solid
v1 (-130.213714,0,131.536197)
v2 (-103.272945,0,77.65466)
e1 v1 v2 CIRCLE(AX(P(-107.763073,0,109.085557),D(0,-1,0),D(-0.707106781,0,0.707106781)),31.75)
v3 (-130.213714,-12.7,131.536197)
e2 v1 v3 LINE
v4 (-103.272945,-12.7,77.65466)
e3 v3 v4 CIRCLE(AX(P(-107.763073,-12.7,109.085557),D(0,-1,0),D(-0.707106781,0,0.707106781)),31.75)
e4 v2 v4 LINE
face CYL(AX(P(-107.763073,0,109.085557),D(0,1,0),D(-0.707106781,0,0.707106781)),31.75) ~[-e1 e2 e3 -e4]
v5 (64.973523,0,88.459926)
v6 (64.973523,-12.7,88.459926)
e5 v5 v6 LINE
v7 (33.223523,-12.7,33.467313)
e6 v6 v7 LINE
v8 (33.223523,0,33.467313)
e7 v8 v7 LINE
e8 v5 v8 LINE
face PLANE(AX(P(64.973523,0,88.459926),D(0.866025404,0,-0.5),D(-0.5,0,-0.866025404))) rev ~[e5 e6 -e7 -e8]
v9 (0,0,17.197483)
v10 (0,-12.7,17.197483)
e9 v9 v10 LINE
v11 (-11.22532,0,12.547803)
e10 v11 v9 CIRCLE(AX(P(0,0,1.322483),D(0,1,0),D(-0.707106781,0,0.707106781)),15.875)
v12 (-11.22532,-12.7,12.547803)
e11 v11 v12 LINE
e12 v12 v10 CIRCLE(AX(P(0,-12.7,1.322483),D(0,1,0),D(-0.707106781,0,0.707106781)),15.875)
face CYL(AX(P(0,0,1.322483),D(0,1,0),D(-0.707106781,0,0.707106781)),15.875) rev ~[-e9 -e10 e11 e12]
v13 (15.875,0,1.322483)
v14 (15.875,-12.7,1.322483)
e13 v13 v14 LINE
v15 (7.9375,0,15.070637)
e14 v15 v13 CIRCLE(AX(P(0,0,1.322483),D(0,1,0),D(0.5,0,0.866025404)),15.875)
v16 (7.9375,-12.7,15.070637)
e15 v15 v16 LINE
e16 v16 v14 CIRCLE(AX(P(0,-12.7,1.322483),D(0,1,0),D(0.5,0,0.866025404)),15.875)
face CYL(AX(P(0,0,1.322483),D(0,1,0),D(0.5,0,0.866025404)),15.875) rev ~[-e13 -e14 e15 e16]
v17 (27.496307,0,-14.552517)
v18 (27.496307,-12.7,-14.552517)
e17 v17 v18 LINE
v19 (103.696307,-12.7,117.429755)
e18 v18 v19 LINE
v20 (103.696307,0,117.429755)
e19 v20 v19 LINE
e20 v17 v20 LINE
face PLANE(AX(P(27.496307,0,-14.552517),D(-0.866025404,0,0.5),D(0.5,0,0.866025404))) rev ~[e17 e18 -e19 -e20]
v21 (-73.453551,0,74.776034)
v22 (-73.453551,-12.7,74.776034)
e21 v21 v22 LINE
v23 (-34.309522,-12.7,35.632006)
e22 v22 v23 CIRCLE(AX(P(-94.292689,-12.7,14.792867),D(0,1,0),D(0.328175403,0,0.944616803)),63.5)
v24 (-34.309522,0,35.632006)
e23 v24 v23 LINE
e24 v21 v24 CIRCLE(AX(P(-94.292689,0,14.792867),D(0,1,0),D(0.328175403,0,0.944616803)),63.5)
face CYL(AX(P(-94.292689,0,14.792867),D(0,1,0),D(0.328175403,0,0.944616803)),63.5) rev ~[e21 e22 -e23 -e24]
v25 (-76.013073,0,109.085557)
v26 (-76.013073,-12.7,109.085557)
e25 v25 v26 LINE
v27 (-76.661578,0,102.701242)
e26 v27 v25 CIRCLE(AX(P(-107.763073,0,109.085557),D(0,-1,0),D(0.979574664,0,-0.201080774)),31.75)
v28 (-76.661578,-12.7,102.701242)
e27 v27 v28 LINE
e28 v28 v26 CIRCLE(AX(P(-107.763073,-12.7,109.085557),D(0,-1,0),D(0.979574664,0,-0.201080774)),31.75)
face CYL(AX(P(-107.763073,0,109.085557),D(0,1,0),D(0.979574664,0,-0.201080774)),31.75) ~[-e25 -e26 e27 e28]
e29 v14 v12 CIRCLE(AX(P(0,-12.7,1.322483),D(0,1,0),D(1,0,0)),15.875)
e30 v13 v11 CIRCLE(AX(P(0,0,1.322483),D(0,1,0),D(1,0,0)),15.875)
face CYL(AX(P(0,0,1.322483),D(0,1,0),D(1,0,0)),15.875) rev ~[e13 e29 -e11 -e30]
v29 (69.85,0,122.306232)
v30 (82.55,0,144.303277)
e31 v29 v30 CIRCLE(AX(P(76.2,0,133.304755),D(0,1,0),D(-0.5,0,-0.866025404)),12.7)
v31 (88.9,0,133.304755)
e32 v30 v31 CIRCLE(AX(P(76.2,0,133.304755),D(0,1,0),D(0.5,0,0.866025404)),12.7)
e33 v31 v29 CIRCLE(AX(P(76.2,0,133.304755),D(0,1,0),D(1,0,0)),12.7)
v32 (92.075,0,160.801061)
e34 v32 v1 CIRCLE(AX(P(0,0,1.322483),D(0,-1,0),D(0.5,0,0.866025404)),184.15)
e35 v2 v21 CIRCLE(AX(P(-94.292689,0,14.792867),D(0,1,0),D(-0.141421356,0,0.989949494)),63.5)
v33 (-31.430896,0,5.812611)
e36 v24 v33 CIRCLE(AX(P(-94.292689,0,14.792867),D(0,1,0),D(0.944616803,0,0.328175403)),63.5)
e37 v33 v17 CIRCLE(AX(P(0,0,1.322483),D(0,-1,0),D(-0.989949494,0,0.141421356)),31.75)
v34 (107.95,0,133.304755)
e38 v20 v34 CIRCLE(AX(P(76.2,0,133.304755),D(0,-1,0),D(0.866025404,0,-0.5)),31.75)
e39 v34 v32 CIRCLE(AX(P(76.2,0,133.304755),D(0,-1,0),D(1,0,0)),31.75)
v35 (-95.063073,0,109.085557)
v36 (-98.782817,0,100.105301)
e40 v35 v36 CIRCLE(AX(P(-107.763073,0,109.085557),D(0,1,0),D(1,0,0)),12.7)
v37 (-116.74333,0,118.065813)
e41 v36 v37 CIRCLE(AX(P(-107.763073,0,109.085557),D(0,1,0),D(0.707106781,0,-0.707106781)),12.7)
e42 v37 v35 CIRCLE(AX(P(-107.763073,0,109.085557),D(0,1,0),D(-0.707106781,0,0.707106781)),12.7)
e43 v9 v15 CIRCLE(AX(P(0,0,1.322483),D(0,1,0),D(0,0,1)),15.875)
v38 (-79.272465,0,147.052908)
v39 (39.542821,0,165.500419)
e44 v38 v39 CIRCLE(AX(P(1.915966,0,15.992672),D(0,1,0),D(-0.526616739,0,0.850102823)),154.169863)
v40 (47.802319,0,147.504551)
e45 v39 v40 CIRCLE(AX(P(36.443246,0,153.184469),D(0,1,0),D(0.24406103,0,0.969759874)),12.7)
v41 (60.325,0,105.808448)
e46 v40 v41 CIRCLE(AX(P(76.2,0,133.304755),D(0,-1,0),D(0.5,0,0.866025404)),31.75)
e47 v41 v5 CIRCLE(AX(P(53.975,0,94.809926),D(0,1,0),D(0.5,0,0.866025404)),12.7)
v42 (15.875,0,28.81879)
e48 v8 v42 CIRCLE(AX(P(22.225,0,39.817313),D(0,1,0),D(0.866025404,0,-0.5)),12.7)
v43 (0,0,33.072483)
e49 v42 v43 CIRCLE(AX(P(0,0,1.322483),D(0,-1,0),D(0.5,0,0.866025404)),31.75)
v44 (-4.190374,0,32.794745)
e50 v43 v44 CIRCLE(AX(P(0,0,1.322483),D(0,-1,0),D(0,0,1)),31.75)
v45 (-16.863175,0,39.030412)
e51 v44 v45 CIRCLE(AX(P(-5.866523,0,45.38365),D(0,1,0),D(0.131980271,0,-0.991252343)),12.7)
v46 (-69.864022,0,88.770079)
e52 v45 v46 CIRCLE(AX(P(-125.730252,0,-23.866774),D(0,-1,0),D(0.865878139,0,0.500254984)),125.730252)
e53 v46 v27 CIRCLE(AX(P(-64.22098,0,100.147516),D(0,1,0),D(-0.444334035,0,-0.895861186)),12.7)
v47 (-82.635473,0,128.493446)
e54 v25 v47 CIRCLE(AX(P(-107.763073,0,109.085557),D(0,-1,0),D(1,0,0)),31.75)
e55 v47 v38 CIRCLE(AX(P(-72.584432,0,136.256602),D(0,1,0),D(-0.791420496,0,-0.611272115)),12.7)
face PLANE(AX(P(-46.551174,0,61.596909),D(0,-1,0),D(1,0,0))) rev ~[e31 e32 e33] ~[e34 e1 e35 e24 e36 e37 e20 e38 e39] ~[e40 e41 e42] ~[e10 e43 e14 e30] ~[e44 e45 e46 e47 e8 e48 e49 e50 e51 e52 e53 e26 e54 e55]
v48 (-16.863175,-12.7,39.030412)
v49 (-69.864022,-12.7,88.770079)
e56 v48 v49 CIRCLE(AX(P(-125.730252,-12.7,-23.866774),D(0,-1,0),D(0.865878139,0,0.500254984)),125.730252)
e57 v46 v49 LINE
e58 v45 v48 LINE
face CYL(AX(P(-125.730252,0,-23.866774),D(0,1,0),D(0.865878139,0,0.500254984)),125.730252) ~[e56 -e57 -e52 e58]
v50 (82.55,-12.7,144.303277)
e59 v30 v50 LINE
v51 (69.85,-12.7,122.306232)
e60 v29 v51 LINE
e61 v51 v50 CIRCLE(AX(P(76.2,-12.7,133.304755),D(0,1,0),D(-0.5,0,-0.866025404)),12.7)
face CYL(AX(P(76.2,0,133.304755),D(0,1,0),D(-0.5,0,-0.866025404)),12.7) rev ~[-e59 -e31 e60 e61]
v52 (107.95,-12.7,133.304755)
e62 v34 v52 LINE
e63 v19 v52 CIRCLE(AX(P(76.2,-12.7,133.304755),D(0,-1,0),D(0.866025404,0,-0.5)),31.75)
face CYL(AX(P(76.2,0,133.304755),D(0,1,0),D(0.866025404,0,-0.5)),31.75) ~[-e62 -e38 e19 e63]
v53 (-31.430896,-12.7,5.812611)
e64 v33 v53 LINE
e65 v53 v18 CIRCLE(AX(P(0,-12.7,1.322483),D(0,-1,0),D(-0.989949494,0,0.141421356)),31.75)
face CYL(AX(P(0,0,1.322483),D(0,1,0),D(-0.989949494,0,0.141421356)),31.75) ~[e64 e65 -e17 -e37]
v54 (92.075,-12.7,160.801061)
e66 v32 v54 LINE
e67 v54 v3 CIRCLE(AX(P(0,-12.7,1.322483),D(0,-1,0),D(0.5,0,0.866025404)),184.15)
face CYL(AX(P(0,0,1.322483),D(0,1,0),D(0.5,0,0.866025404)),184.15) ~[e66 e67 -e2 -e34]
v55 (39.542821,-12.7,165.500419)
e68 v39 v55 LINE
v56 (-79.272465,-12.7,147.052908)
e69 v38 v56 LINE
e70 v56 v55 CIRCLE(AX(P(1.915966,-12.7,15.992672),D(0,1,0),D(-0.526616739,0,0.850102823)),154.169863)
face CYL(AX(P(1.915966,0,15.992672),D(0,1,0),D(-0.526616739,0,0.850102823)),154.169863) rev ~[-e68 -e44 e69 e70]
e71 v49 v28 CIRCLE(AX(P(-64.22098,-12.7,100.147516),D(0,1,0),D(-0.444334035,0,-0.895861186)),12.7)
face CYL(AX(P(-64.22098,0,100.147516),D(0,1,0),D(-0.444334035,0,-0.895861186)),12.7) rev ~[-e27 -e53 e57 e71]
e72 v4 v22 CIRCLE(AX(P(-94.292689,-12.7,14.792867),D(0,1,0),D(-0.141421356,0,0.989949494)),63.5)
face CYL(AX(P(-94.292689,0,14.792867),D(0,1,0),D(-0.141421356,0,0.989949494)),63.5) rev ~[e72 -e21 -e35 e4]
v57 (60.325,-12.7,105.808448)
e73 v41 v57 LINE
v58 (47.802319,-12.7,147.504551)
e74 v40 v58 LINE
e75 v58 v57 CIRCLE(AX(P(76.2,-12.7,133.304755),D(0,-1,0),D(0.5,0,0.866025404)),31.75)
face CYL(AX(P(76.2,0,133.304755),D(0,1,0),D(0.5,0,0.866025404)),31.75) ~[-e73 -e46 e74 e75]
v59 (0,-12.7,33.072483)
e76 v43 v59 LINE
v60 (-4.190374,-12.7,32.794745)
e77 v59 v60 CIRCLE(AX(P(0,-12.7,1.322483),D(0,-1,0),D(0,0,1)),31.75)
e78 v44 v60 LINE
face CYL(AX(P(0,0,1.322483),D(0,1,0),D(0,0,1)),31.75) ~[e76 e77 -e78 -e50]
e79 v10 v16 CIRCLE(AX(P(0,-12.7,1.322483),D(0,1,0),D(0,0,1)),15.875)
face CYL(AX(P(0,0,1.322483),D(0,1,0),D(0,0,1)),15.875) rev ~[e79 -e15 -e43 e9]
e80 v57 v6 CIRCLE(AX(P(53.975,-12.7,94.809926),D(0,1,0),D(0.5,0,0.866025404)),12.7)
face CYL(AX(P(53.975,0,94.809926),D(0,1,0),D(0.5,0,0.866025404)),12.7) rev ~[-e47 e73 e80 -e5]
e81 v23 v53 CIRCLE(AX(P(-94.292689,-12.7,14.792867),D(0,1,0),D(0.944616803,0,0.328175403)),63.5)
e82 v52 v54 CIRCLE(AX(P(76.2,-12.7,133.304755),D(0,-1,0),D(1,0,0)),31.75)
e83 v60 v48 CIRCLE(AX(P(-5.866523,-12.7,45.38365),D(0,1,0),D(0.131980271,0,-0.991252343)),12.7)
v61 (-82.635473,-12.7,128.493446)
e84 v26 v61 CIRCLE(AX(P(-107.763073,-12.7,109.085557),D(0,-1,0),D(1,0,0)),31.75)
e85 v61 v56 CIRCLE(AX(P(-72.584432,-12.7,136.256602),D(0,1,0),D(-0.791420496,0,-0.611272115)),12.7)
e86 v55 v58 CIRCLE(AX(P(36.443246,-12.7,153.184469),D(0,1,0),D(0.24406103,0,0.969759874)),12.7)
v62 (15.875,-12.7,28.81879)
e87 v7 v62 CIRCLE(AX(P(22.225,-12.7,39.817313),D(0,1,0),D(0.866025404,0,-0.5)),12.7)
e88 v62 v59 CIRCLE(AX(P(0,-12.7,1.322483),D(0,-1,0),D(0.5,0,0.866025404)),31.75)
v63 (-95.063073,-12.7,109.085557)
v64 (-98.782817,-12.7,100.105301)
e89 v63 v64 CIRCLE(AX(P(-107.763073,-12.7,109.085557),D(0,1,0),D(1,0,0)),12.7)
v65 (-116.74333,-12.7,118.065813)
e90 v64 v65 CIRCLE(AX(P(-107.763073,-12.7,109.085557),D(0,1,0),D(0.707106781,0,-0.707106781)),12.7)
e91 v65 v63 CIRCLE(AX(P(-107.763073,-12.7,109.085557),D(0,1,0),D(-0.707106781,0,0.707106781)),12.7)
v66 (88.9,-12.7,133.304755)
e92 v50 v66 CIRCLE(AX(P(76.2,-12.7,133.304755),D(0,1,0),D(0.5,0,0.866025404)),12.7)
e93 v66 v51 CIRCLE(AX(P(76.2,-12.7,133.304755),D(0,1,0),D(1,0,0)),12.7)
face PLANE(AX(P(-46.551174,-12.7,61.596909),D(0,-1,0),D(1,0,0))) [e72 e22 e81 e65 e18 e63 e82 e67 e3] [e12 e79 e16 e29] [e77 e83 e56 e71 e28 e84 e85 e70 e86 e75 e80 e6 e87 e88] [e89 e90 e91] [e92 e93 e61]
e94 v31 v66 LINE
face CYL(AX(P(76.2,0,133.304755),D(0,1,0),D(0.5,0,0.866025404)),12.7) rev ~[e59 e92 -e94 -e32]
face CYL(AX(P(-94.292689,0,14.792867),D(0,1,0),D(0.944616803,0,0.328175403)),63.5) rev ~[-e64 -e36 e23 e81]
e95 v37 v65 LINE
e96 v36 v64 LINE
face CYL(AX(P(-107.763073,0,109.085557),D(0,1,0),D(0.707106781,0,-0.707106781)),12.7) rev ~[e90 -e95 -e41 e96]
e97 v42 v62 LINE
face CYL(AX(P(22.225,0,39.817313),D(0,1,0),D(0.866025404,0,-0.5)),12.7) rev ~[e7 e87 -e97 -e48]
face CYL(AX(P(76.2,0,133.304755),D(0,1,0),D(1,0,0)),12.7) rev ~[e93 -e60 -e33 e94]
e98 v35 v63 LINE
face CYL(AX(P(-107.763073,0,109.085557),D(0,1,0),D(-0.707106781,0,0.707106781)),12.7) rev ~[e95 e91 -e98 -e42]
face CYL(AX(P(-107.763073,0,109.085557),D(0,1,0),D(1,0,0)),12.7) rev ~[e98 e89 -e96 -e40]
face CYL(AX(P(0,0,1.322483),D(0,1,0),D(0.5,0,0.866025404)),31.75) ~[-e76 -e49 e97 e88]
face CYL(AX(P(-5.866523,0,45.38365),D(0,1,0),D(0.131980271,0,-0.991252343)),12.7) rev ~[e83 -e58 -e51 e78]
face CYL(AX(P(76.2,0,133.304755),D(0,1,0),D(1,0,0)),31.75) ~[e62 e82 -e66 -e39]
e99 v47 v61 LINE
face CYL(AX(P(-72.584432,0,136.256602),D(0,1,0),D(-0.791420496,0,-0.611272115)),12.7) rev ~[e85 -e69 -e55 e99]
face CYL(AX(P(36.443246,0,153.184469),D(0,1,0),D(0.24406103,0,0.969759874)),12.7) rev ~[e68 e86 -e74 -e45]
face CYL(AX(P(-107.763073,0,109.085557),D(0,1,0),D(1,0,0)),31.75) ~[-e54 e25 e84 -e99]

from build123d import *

# Parameters (mm, degrees)
F1_DEPTH = 12.7


with BuildPart() as f1:
    # F0 (on Front) → F1 (new body)
    with BuildSketch(Plane.XZ):
        with BuildLine():
            ThreePointArc((-76.6615778684, 102.701242205), (-79.8079393943, 94.0332154271), (-85.3124331502, 86.6349164629))
            Line((-85.3124331502, 86.6349164629), (-73.4535511858, 74.7760344986))
            ThreePointArc((-73.4535511858, 74.7760344986), (-49.3914086659, 59.6941480997), (-34.309522267, 35.6320055797))
            Line((-34.309522267, 35.6320055797), (-22.4506403027, 23.7731236154))
            ThreePointArc((-22.4506403027, 23.7731236154), (-14.0635457715, 29.7878865302), (-4.1903736131, 32.7947452108))
            ThreePointArc((-4.1903736131, 32.7947452108), (-11.4735568319, 33.9884241162), (-16.8631754222, 39.0304116786))
            ThreePointArc((-16.8631754222, 39.0304116786), (-39.690876035, 67.8137699888), (-69.8640218822, 88.7700793147))
            ThreePointArc((-69.8640218822, 88.7700793147), (-75.6347361649, 94.5783008286), (-76.6615778684, 102.701242205))
        make_face()
        with BuildLine():
            Line((-73.4535511858, 74.7760344986), (-85.3124331502, 86.6349164629))
            ThreePointArc((-85.3124331502, 86.6349164629), (-93.5640417957, 80.6874934513), (-103.2729453923, 77.6546603418))
            ThreePointArc((-103.2729453923, 77.6546603418), (-88.1910589934, 77.9990389332), (-73.4535511858, 74.7760344986))
        make_face()
        with BuildLine():
            Line((-22.4506403027, 23.7731236154), (-34.309522267, 35.6320055797))
            ThreePointArc((-34.309522267, 35.6320055797), (-31.0865178324, 20.8944977722), (-31.4308964237, 5.8126113733))
            ThreePointArc((-31.4308964237, 5.8126113733), (-28.3980633142, 15.5215149699), (-22.4506403027, 23.7731236154))
        make_face()
        with BuildLine():
            Line((27.4963065702, -14.5525166873), (103.6963065702, 117.4297548495))
            ThreePointArc((103.6963065702, 117.4297548495), (84.417504682, 102.6366098648), (60.325, 105.8084482793))
            ThreePointArc((60.325, 105.8084482793), (66.2422579939, 98.0969275241), (64.9735226281, 88.4599256513))
            Line((64.9735226281, 88.4599256513), (33.2235226281, 33.467312511))
            ThreePointArc((33.2235226281, 33.467312511), (25.5120018728, 27.5500545171), (15.875, 28.8187898829))
            ThreePointArc((15.875, 28.8187898829), (27.4963065702, 17.1974833127), (31.75, 1.3224833127))
            ThreePointArc((31.75, 1.3224833127), (30.6681449847, -6.8950213693), (27.4963065702, -14.5525166873))
        make_face()
        with BuildLine():
            ThreePointArc((92.075, 160.8010614196), (-24.0363982973, 183.8970545347), (-130.2137137555, 131.5361970682))
            ThreePointArc((-130.2137137555, 131.5361970682), (-105.7367190454, 140.7708275994), (-82.6354727067, 128.4934464175))
            ThreePointArc((-82.6354727067, 128.4934464175), (-85.0809337208, 138.5209907043), (-79.2724649931, 147.0529081346))
            ThreePointArc((-79.2724649931, 147.0529081346), (-21.7373717549, 168.3372367219), (39.542821328, 165.5004193044))
            ThreePointArc((39.542821328, 165.5004193044), (47.9856006443, 158.4820206871), (47.8023187461, 147.5045506016))
            ThreePointArc((47.8023187461, 147.5045506016), (67.0674381234, 163.7129579133), (92.075, 160.8010614196))
        make_face()
        with BuildLine():
            ThreePointArc((-116.7433295739, 118.0658128866), (-102.9029938618, 120.8188268285), (-95.0630734528, 109.0855567656))
            ThreePointArc((-95.0630734528, 109.0855567656), (-96.0298033899, 104.2254771745), (-98.7828173318, 100.1053006445))
            Line((-98.7828173318, 100.1053006445), (-85.3124331502, 86.6349164629))
            ThreePointArc((-85.3124331502, 86.6349164629), (-79.8079393943, 94.0332154271), (-76.6615778684, 102.701242205))
            ThreePointArc((-76.6615778684, 102.701242205), (-76.175615619, 105.8769733404), (-76.0130734528, 109.0855567656))
            ThreePointArc((-76.0130734528, 109.0855567656), (-77.7142479875, 119.338877601), (-82.6354727067, 128.4934464175))
            ThreePointArc((-82.6354727067, 128.4934464175), (-105.7367190454, 140.7708275994), (-130.2137137555, 131.5361970682))
            Line((-130.2137137555, 131.5361970682), (-116.7433295739, 118.0658128866))
        make_face()
        with BuildLine():
            ThreePointArc((107.95, 133.3047548495), (103.6963065702, 149.1797548495), (92.075, 160.8010614196))
            Line((92.075, 160.8010614196), (82.55, 144.3032774775))
            ThreePointArc((82.55, 144.3032774775), (87.1985226281, 139.6547548495), (88.9, 133.3047548495))
            ThreePointArc((88.9, 133.3047548495), (82.55, 122.3062322214), (69.85, 122.3062322214))
            Line((69.85, 122.3062322214), (60.325, 105.8084482793))
            ThreePointArc((60.325, 105.8084482793), (84.417504682, 102.6366098648), (103.6963065702, 117.4297548495))
            ThreePointArc((103.6963065702, 117.4297548495), (106.8681449847, 125.0872501675), (107.95, 133.3047548495))
        make_face()
        with BuildLine():
            Line((82.55, 144.3032774775), (92.075, 160.8010614196))
            ThreePointArc((92.075, 160.8010614196), (67.0674381234, 163.7129579133), (47.8023187461, 147.5045506016))
            ThreePointArc((47.8023187461, 147.5045506016), (45.7917969362, 124.1721929729), (60.325, 105.8084482793))
            Line((60.325, 105.8084482793), (69.85, 122.3062322214))
            ThreePointArc((69.85, 122.3062322214), (65.2014773719, 139.6547548495), (82.55, 144.3032774775))
        make_face()
        with BuildLine():
            ThreePointArc((-98.7828173318, 100.1053006445), (-116.7433295739, 100.1053006445), (-116.7433295739, 118.0658128866))
            Line((-116.7433295739, 118.0658128866), (-130.2137137555, 131.5361970682))
            ThreePointArc((-130.2137137555, 131.5361970682), (-136.1611367671, 94.8865251084), (-103.2729453923, 77.6546603418))
            ThreePointArc((-103.2729453923, 77.6546603418), (-93.5640417957, 80.6874934513), (-85.3124331502, 86.6349164629))
            Line((-85.3124331502, 86.6349164629), (-98.7828173318, 100.1053006445))
        make_face()
        with BuildLine():
            ThreePointArc((-4.1903736131, 32.7947452108), (-14.0635457715, 29.7878865302), (-22.4506403027, 23.7731236154))
            Line((-22.4506403027, 23.7731236154), (-11.2253201513, 12.5478034641))
            ThreePointArc((-11.2253201513, 12.5478034641), (-6.0750994888, 15.9890708914), (0, 17.1974833127))
            Line((0, 17.1974833127), (0, 33.0724833127))
            ThreePointArc((0, 33.0724833127), (-2.0997838859, 33.0029726971), (-4.1903736131, 32.7947452108))
        make_face()
        with BuildLine():
            Line((7.9375, 15.0706365978), (15.875, 28.8187898829))
            ThreePointArc((15.875, 28.8187898829), (8.217504682, 31.9906282974), (0, 33.0724833127))
            Line((0, 33.0724833127), (0, 17.1974833127))
            ThreePointArc((0, 17.1974833127), (4.108752341, 16.6565558051), (7.9375, 15.0706365978))
        make_face()
        with BuildLine():
            Line((-11.2253201513, 12.5478034641), (-22.4506403027, 23.7731236154))
            ThreePointArc((-22.4506403027, 23.7731236154), (-28.3980633142, 15.5215149699), (-31.4308964237, 5.8126113733))
            ThreePointArc((-31.4308964237, 5.8126113733), (-10.3708659021, -28.6859761686), (27.4963065702, -14.5525166873))
            ThreePointArc((27.4963065702, -14.5525166873), (30.6681449847, -6.8950213693), (31.75, 1.3224833127))
            ThreePointArc((31.75, 1.3224833127), (27.4963065702, 17.1974833127), (15.875, 28.8187898829))
            Line((15.875, 28.8187898829), (7.9375, 15.0706365978))
            ThreePointArc((7.9375, 15.0706365978), (13.7481532851, 9.2599833127), (15.875, 1.3224833127))
            ThreePointArc((15.875, 1.3224833127), (-6.0750994888, -13.3441042659), (-11.2253201513, 12.5478034641))
        make_face()
    extrude(amount=F1_DEPTH)


solid = f1.part
